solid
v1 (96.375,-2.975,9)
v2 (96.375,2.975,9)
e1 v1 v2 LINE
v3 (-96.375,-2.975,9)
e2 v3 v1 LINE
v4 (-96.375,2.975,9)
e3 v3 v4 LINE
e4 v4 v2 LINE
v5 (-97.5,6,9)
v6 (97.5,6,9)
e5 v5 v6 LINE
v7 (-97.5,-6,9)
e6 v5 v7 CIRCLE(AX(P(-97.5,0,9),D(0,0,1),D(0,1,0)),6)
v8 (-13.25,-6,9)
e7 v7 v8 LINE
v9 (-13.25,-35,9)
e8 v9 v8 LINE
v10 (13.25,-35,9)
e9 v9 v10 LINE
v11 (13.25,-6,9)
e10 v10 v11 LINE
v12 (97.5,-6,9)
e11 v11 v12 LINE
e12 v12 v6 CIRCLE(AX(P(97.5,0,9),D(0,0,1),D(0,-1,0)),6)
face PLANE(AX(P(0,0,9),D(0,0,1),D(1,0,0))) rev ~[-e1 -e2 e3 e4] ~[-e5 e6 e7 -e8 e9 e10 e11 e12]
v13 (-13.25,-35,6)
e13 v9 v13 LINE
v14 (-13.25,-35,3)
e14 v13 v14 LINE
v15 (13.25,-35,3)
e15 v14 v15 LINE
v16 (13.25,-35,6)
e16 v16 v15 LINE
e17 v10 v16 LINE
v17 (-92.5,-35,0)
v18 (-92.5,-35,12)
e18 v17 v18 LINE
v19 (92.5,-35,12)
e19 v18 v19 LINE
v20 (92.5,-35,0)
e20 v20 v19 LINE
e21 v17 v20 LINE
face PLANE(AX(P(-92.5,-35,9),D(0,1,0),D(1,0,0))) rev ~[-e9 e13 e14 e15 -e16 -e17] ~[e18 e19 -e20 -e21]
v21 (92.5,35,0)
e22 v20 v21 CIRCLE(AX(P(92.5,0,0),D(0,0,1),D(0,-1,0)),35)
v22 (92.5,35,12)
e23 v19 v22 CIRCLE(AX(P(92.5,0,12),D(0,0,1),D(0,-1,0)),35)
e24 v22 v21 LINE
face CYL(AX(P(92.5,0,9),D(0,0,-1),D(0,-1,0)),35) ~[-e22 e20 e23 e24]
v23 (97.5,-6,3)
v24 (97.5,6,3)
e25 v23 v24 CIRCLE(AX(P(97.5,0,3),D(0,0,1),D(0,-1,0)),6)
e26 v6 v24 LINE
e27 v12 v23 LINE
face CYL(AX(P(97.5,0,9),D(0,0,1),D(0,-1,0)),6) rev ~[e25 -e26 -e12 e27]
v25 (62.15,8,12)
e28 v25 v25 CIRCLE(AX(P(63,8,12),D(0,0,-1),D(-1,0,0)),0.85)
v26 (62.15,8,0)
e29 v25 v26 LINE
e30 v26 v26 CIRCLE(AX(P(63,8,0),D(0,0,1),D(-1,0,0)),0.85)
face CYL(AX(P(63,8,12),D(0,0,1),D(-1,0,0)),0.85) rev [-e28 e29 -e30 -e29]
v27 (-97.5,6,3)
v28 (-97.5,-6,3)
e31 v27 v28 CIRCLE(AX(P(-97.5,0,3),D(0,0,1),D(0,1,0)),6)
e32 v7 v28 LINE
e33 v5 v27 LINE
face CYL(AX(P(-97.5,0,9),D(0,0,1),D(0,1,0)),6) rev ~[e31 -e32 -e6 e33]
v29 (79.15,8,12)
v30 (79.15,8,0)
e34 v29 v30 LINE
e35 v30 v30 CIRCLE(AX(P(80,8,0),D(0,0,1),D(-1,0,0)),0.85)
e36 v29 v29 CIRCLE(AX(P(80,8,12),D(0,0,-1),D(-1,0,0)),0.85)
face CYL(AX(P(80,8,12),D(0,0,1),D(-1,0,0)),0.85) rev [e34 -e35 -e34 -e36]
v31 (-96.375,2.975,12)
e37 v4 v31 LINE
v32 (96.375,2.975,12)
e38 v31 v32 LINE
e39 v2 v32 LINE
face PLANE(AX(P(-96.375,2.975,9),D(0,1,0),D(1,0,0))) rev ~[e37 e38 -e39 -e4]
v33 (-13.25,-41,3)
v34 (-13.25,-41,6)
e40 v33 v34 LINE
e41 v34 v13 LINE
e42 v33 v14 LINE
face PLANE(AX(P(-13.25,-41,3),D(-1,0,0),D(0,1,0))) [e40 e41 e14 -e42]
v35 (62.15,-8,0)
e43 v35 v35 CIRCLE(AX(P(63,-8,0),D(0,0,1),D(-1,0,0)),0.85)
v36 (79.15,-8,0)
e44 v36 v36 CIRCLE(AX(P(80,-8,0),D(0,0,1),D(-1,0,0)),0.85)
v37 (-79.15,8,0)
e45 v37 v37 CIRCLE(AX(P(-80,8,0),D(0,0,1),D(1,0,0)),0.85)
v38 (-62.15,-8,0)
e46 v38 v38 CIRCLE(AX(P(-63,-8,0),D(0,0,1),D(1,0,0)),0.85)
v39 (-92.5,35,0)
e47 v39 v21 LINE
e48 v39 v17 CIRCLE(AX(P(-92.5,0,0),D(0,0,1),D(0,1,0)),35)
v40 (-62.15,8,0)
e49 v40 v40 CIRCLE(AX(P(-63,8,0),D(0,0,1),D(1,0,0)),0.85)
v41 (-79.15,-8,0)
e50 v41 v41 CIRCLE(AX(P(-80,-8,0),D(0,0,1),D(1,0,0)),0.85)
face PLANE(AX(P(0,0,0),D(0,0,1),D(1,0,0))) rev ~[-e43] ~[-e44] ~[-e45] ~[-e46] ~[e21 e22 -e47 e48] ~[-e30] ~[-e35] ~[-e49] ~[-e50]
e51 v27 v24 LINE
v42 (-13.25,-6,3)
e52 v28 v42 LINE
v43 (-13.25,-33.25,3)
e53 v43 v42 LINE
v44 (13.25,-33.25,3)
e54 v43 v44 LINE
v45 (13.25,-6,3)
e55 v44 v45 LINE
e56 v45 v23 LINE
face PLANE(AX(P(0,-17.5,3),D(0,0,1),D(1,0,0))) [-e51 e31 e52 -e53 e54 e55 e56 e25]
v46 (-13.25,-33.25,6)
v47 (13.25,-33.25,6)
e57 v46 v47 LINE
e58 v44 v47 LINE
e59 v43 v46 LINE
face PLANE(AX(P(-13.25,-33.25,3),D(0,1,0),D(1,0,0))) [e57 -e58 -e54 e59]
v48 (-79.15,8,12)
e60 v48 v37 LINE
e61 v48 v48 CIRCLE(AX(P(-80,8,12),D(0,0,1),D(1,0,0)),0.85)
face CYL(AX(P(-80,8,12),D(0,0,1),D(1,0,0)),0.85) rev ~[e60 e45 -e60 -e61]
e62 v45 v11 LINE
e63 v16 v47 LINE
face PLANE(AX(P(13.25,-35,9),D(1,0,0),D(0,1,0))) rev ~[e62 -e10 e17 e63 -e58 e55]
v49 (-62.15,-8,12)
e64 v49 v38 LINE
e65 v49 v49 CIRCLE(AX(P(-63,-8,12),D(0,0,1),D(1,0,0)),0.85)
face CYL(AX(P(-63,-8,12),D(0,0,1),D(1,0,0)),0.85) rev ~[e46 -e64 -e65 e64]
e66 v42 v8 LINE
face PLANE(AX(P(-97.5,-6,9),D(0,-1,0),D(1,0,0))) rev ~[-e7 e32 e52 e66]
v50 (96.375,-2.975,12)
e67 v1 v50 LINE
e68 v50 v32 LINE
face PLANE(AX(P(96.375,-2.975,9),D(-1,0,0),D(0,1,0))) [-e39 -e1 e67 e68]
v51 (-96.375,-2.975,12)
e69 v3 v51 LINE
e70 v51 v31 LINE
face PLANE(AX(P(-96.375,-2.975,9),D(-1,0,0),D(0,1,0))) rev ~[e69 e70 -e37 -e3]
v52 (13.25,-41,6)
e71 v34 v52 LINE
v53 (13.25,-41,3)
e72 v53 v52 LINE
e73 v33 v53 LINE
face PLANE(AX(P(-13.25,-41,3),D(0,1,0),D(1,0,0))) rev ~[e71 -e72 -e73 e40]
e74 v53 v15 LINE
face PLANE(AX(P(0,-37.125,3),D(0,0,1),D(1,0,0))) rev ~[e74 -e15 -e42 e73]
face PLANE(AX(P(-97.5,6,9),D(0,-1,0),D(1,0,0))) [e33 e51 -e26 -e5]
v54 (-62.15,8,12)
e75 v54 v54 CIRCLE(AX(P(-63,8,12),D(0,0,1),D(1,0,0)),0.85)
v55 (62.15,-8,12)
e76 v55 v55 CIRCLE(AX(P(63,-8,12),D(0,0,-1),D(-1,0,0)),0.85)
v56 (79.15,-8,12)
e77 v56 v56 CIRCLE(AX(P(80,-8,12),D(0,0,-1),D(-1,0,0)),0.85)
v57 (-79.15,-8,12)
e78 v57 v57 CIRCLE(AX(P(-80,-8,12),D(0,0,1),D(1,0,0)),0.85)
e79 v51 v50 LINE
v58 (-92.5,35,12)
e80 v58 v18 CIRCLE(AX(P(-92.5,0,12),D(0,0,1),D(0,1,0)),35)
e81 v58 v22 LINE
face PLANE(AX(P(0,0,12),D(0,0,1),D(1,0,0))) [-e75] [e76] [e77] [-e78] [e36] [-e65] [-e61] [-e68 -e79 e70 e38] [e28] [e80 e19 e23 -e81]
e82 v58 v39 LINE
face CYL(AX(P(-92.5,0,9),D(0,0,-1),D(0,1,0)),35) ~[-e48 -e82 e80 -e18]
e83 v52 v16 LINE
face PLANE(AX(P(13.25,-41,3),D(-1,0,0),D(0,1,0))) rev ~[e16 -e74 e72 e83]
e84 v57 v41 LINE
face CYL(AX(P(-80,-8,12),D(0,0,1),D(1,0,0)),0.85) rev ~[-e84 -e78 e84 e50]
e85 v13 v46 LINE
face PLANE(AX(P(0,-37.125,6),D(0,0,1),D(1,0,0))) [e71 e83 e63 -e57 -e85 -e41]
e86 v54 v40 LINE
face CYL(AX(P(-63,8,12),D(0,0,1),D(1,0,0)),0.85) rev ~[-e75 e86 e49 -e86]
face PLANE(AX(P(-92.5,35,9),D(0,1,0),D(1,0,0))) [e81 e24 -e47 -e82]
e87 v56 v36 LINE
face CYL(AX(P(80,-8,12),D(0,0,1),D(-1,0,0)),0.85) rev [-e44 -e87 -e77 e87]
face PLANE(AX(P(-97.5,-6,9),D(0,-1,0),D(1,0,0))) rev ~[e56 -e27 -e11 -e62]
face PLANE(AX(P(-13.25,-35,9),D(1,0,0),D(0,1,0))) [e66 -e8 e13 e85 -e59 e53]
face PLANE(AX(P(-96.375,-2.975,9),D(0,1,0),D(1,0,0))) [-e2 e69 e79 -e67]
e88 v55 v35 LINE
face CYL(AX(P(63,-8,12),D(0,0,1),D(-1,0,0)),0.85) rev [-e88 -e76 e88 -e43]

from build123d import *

# Parameters (mm, degrees)
PAD_DEPTH       = 9
POCKET_DEPTH    = 6
SKETCH002_W     = 26.5
SKETCH002_H     = 35
POCKET001_DEPTH = 6
SKETCH003_W     = 192.75
SKETCH003_H     = 5.95
PAD001_DEPTH    = 3
SKETCH004_R     = 0.85
POCKET002_DEPTH = 541.411993
SKETCH005_W     = 26.5
SKETCH005_H     = 7.75
PAD002_DEPTH    = 3


with BuildPart() as part:
    # Sketch → Pad (new body)
    with BuildSketch(Plane.XY):
        with BuildLine():
            ThreePointArc((-92.5, 35), (-127.5, 0), (-92.5, -35))
            Line((-92.5, -35), (92.5, -35))
            ThreePointArc((92.5, -35), (127.5, 0), (92.5, 35))
            Line((-92.5, 35), (92.5, 35))
        make_face()
    extrude(amount=PAD_DEPTH)

    # Sketch001 (on Face6 of Pad) → Pocket (cut)
    with BuildSketch(Plane.XY.offset(9)):
        with BuildLine():
            ThreePointArc((-97.5, 6), (-103.5, 0), (-97.5, -6))
            Line((-97.5, -6), (97.5, -6))
            ThreePointArc((97.5, -6), (103.5, 0), (97.5, 6))
            Line((-97.5, 6), (97.5, 6))
        make_face()
    extrude(amount=-POCKET_DEPTH, mode=Mode.SUBTRACT)

    # Sketch002 (on Face5 of Pocket) → Pocket001 (cut)
    with BuildSketch(Plane.XY.offset(9)):
        with Locations((0, -17.5)):
            Rectangle(SKETCH002_W, SKETCH002_H)
    extrude(amount=-POCKET001_DEPTH, mode=Mode.SUBTRACT)

    # Sketch003 (on Face5 of Pocket001) → Pad001 (join)
    with BuildSketch(Plane.XY.offset(9)):
        with BuildLine():
            ThreePointArc((-92.5, 35), (-127.5, 0), (-92.5, -35))
            Line((-92.5, -35), (92.5, -35))
            ThreePointArc((92.5, -35), (127.5, 0), (92.5, 35))
            Line((-92.5, 35), (92.5, 35))
        make_face()
        Rectangle(SKETCH003_W, SKETCH003_H, mode=Mode.SUBTRACT)
    extrude(amount=PAD001_DEPTH)

    # Sketch004 (on Face12 of Pad001) → Pocket002 (cut, through all)
    with BuildSketch(Plane.XY.offset(12)):
        with Locations((-80, -8)):
            Circle(SKETCH004_R)
        with Locations((-63, -8)):
            Circle(SKETCH004_R)
        with Locations((-63, 8)):
            Circle(SKETCH004_R)
        with Locations((-80, 8)):
            Circle(SKETCH004_R)
    pocket002 = extrude(amount=-POCKET002_DEPTH, mode=Mode.SUBTRACT)

    # Sketch005 (on Face10 of Pocket002) → Pad002 (join)
    with BuildSketch(Plane.XY.offset(3)):
        with Locations((0, -37.125)):
            Rectangle(SKETCH005_W, SKETCH005_H)
    extrude(amount=PAD002_DEPTH)

    # Mirrored: Pocket002 across Sketch004 V_Axis
    add(pocket002.mirror(Plane(origin=(0, 0, 12), x_dir=(0, 0, 1), z_dir=(1, 0, 0))), mode=Mode.SUBTRACT)


solid = part.part
